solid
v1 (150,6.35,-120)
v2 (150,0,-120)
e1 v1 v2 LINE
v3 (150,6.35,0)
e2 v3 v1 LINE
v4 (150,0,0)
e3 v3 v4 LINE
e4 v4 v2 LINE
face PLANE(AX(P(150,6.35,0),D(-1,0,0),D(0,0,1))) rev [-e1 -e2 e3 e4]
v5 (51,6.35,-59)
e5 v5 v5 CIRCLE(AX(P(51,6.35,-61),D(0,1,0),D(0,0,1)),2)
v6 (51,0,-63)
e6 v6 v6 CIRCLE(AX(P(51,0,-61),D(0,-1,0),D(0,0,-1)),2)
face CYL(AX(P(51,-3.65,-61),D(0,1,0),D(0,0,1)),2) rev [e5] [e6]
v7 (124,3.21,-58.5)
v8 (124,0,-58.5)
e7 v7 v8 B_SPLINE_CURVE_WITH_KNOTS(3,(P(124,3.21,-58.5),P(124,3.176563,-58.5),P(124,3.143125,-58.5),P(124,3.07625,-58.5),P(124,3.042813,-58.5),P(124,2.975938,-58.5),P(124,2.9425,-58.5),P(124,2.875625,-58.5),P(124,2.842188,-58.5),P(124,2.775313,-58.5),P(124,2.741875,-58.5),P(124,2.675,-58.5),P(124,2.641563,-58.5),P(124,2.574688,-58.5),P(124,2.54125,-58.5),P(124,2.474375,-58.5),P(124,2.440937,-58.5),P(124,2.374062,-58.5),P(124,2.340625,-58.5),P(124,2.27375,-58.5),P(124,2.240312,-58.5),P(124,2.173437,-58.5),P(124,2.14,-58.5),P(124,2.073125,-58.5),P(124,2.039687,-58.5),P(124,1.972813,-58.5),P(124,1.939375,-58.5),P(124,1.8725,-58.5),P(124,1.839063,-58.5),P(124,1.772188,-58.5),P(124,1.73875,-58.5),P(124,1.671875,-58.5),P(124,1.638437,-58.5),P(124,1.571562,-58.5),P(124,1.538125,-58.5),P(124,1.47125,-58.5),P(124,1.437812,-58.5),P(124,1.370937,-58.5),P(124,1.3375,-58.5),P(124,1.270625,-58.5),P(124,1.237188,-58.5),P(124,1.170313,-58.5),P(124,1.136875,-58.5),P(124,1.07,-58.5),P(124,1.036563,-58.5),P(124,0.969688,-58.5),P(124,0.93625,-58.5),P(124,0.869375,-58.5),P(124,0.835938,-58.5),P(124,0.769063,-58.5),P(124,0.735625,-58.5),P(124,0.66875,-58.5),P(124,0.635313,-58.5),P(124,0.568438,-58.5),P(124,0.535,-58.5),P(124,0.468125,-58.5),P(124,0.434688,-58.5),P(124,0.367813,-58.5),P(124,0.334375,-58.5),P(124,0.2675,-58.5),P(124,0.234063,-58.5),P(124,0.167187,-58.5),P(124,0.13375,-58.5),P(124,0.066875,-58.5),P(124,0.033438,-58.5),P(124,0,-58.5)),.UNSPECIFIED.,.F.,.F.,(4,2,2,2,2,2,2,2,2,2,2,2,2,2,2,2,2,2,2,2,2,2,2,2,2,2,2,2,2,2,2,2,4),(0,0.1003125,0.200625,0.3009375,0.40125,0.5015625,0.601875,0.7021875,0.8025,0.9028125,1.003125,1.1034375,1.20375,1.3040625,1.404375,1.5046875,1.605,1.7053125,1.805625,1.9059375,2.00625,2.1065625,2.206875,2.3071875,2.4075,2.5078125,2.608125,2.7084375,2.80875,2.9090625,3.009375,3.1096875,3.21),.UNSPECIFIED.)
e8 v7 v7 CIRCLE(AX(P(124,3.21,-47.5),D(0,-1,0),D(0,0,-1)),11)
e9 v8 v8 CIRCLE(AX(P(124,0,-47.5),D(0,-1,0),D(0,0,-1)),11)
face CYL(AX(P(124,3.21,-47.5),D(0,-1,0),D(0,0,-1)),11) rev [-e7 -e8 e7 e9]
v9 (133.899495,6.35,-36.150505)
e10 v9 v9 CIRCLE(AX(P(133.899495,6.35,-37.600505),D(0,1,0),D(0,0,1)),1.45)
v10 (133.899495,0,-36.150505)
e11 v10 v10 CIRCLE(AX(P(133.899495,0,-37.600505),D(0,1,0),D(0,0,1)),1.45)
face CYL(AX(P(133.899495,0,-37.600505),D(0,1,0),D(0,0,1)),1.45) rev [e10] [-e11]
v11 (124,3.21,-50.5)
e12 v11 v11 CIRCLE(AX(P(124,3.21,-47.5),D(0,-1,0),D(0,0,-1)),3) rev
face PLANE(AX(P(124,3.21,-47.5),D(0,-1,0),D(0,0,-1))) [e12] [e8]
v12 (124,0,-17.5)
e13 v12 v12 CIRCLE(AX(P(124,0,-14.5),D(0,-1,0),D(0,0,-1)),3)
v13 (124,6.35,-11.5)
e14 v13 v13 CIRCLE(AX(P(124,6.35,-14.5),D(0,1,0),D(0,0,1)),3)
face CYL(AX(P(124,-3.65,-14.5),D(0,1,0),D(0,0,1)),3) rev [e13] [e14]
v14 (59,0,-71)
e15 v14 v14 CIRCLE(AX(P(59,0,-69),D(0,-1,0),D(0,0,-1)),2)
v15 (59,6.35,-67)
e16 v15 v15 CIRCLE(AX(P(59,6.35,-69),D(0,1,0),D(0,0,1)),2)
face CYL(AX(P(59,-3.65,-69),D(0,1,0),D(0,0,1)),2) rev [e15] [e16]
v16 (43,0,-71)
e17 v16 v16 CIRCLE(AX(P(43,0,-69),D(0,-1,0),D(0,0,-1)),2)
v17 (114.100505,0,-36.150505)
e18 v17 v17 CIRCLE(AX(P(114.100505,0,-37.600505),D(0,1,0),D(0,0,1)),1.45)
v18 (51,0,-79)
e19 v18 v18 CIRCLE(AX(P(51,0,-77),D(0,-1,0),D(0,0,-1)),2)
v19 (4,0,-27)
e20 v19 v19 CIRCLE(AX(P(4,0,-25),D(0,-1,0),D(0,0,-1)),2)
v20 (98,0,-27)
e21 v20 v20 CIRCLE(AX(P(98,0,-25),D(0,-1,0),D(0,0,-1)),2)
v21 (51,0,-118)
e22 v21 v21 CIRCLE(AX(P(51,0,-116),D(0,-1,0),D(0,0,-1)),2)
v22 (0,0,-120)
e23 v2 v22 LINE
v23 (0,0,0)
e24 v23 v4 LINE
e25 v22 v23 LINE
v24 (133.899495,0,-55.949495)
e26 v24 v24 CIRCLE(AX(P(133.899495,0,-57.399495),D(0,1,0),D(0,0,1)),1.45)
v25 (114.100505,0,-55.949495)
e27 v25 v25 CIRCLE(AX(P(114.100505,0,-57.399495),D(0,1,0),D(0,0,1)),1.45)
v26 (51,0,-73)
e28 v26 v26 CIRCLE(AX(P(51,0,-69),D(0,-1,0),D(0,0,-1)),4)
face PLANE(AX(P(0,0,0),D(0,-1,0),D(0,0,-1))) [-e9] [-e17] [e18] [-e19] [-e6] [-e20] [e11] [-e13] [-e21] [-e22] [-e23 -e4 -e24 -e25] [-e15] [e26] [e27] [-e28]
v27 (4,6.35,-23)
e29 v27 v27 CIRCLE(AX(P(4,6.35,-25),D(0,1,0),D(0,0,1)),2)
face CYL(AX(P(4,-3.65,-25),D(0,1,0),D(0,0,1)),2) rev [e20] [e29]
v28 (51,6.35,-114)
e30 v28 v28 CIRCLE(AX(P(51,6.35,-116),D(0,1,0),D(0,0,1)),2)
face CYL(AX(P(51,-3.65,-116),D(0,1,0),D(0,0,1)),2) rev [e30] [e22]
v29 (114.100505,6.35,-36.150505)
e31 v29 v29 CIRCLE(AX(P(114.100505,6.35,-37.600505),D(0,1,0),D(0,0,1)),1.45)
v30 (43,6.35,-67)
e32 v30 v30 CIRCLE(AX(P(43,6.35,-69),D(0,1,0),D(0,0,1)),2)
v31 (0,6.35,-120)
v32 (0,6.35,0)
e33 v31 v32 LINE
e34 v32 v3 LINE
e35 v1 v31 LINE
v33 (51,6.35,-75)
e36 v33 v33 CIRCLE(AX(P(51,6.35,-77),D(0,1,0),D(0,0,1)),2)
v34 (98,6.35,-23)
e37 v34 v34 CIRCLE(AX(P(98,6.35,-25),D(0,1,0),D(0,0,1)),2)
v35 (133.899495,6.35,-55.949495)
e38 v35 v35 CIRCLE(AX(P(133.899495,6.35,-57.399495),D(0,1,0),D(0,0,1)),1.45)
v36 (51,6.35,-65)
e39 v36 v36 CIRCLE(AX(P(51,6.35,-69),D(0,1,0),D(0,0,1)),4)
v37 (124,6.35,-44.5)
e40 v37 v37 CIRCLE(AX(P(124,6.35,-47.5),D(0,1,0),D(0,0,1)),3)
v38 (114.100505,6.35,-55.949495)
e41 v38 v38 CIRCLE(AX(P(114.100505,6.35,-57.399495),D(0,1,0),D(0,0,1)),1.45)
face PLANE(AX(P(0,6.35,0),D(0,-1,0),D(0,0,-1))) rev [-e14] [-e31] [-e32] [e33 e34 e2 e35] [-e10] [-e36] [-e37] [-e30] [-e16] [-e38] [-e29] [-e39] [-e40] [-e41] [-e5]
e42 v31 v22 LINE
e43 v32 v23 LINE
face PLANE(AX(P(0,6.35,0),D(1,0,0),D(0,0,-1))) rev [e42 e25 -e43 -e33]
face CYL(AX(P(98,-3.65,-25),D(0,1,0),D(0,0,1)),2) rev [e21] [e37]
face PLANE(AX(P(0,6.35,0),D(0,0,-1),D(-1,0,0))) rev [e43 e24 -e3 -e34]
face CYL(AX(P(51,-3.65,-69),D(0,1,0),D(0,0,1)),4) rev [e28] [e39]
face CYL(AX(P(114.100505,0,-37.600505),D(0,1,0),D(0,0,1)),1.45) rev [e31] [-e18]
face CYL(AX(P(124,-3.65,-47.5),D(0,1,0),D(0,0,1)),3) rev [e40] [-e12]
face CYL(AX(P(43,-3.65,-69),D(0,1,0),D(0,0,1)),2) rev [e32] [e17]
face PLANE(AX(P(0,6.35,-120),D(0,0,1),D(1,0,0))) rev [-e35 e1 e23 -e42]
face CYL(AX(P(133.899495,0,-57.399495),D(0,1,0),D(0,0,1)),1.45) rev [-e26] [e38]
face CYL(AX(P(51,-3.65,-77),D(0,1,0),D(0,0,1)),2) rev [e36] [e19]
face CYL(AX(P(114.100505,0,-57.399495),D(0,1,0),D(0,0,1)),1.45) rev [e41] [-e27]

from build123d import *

# Parameters (mm, degrees)
SKETCH1_W           = 150
SKETCH1_H           = 120
BOSS_EXTRUDE1_DEPTH = 6.35
SKETCH2_R           = 2
SKETCH2_R_2         = 4
CUT_EXTRUDE1_DEPTH  = 10
SKETCH3_R           = 11
CUT_EXTRUDE2_DEPTH  = 3.21
SKETCH4_R           = 1.45
CUT_EXTRUDE3_DEPTH  = 6.35


with BuildPart() as part:
    # Sketch1 → Boss-Extrude1 (new body)
    with BuildSketch(Plane(origin=(0, 0, 0), x_dir=(1, 0, 0), z_dir=(0, 1, 0))):
        with Locations((75, 60)):
            Rectangle(SKETCH1_W, SKETCH1_H)
    extrude(amount=BOSS_EXTRUDE1_DEPTH)

    # Sketch2 → Cut-Extrude1 (cut)
    with BuildSketch(Plane(origin=(0, 6.35, 0), x_dir=(1, 0, 0), z_dir=(0, 1, 0))):
        with Locations(Location((51, 116, 0), (0, 0, 270))):
            Circle(SKETCH2_R)
        with Locations(Location((4, 25, 0), (0, 0, 270))):
            Circle(SKETCH2_R)
        with Locations(Location((98, 25, 0), (0, 0, 270))):
            Circle(SKETCH2_R)
        with BuildLine():
            ThreePointArc((127, 14.5), (126.121320344, 16.621320344), (124, 17.5))
            Line((124, 17.5), (124, 14.5))
            Line((124, 14.5), (124, 11.5))
            ThreePointArc((124, 11.5), (126.121320344, 12.378679656), (127, 14.5))
        make_face()
        with BuildLine():
            Line((124, 14.5), (124, 17.5))
            ThreePointArc((124, 17.5), (121.878679656, 16.621320344), (121, 14.5))
            Line((121, 14.5), (124, 14.5))
        make_face()
        with BuildLine():
            Line((124, 14.5), (121, 14.5))
            ThreePointArc((121, 14.5), (121.878679656, 12.378679656), (124, 11.5))
            Line((124, 11.5), (124, 14.5))
        make_face()
        with BuildLine():
            ThreePointArc((121, 47.5), (121.878679656, 45.378679656), (124, 44.5))
            Line((124, 44.5), (124, 47.5))
            Line((124, 47.5), (121, 47.5))
        make_face()
        with BuildLine():
            ThreePointArc((124, 50.5), (121.878679656, 49.621320344), (121, 47.5))
            Line((121, 47.5), (124, 47.5))
            Line((124, 47.5), (124, 50.5))
        make_face()
        with BuildLine():
            Line((124, 47.5), (124, 44.5))
            ThreePointArc((124, 44.5), (126.121320344, 45.378679656), (127, 47.5))
            ThreePointArc((127, 47.5), (126.121320344, 49.621320344), (124, 50.5))
            Line((124, 50.5), (124, 47.5))
        make_face()
        with Locations(Location((51, 77, 0), (0, 0, 270))):
            Circle(SKETCH2_R)
        with Locations(Location((43, 69, 0), (0, 0, 270))):
            Circle(SKETCH2_R)
        with Locations(Location((51, 69, 0), (0, 0, 270))):
            Circle(SKETCH2_R_2)
        with Locations(Location((59, 69, 0), (0, 0, 270))):
            Circle(SKETCH2_R)
        with Locations(Location((51, 61, 0), (0, 0, 270))):
            Circle(SKETCH2_R)
    extrude(amount=-CUT_EXTRUDE1_DEPTH, mode=Mode.SUBTRACT)

    # Sketch3 → Cut-Extrude2 (cut)
    with BuildSketch(Plane.XZ):
        with Locations(Location((124, -47.5, 0), (0, 0, 270))):
            Circle(SKETCH3_R)
    extrude(amount=-CUT_EXTRUDE2_DEPTH, mode=Mode.SUBTRACT)

    # Sketch4 → Cut-Extrude3 (cut)
    with BuildSketch(Plane(origin=(0, 6.35, 0), x_dir=(1, 0, 0), z_dir=(0, 1, 0))):
        with Locations(Location((133.899494937, 57.399494937, 0), (0, 0, 270))):
            Circle(SKETCH4_R)
        with Locations(Location((114.100505063, 37.600505063, 0), (0, 0, 270))):
            Circle(SKETCH4_R)
        with Locations(Location((133.899494937, 37.600505063, 0), (0, 0, 270))):
            Circle(SKETCH4_R)
        with Locations(Location((114.100505063, 57.399494937, 0), (0, 0, 270))):
            Circle(SKETCH4_R)
    extrude(amount=-CUT_EXTRUDE3_DEPTH, mode=Mode.SUBTRACT)


solid = part.part
